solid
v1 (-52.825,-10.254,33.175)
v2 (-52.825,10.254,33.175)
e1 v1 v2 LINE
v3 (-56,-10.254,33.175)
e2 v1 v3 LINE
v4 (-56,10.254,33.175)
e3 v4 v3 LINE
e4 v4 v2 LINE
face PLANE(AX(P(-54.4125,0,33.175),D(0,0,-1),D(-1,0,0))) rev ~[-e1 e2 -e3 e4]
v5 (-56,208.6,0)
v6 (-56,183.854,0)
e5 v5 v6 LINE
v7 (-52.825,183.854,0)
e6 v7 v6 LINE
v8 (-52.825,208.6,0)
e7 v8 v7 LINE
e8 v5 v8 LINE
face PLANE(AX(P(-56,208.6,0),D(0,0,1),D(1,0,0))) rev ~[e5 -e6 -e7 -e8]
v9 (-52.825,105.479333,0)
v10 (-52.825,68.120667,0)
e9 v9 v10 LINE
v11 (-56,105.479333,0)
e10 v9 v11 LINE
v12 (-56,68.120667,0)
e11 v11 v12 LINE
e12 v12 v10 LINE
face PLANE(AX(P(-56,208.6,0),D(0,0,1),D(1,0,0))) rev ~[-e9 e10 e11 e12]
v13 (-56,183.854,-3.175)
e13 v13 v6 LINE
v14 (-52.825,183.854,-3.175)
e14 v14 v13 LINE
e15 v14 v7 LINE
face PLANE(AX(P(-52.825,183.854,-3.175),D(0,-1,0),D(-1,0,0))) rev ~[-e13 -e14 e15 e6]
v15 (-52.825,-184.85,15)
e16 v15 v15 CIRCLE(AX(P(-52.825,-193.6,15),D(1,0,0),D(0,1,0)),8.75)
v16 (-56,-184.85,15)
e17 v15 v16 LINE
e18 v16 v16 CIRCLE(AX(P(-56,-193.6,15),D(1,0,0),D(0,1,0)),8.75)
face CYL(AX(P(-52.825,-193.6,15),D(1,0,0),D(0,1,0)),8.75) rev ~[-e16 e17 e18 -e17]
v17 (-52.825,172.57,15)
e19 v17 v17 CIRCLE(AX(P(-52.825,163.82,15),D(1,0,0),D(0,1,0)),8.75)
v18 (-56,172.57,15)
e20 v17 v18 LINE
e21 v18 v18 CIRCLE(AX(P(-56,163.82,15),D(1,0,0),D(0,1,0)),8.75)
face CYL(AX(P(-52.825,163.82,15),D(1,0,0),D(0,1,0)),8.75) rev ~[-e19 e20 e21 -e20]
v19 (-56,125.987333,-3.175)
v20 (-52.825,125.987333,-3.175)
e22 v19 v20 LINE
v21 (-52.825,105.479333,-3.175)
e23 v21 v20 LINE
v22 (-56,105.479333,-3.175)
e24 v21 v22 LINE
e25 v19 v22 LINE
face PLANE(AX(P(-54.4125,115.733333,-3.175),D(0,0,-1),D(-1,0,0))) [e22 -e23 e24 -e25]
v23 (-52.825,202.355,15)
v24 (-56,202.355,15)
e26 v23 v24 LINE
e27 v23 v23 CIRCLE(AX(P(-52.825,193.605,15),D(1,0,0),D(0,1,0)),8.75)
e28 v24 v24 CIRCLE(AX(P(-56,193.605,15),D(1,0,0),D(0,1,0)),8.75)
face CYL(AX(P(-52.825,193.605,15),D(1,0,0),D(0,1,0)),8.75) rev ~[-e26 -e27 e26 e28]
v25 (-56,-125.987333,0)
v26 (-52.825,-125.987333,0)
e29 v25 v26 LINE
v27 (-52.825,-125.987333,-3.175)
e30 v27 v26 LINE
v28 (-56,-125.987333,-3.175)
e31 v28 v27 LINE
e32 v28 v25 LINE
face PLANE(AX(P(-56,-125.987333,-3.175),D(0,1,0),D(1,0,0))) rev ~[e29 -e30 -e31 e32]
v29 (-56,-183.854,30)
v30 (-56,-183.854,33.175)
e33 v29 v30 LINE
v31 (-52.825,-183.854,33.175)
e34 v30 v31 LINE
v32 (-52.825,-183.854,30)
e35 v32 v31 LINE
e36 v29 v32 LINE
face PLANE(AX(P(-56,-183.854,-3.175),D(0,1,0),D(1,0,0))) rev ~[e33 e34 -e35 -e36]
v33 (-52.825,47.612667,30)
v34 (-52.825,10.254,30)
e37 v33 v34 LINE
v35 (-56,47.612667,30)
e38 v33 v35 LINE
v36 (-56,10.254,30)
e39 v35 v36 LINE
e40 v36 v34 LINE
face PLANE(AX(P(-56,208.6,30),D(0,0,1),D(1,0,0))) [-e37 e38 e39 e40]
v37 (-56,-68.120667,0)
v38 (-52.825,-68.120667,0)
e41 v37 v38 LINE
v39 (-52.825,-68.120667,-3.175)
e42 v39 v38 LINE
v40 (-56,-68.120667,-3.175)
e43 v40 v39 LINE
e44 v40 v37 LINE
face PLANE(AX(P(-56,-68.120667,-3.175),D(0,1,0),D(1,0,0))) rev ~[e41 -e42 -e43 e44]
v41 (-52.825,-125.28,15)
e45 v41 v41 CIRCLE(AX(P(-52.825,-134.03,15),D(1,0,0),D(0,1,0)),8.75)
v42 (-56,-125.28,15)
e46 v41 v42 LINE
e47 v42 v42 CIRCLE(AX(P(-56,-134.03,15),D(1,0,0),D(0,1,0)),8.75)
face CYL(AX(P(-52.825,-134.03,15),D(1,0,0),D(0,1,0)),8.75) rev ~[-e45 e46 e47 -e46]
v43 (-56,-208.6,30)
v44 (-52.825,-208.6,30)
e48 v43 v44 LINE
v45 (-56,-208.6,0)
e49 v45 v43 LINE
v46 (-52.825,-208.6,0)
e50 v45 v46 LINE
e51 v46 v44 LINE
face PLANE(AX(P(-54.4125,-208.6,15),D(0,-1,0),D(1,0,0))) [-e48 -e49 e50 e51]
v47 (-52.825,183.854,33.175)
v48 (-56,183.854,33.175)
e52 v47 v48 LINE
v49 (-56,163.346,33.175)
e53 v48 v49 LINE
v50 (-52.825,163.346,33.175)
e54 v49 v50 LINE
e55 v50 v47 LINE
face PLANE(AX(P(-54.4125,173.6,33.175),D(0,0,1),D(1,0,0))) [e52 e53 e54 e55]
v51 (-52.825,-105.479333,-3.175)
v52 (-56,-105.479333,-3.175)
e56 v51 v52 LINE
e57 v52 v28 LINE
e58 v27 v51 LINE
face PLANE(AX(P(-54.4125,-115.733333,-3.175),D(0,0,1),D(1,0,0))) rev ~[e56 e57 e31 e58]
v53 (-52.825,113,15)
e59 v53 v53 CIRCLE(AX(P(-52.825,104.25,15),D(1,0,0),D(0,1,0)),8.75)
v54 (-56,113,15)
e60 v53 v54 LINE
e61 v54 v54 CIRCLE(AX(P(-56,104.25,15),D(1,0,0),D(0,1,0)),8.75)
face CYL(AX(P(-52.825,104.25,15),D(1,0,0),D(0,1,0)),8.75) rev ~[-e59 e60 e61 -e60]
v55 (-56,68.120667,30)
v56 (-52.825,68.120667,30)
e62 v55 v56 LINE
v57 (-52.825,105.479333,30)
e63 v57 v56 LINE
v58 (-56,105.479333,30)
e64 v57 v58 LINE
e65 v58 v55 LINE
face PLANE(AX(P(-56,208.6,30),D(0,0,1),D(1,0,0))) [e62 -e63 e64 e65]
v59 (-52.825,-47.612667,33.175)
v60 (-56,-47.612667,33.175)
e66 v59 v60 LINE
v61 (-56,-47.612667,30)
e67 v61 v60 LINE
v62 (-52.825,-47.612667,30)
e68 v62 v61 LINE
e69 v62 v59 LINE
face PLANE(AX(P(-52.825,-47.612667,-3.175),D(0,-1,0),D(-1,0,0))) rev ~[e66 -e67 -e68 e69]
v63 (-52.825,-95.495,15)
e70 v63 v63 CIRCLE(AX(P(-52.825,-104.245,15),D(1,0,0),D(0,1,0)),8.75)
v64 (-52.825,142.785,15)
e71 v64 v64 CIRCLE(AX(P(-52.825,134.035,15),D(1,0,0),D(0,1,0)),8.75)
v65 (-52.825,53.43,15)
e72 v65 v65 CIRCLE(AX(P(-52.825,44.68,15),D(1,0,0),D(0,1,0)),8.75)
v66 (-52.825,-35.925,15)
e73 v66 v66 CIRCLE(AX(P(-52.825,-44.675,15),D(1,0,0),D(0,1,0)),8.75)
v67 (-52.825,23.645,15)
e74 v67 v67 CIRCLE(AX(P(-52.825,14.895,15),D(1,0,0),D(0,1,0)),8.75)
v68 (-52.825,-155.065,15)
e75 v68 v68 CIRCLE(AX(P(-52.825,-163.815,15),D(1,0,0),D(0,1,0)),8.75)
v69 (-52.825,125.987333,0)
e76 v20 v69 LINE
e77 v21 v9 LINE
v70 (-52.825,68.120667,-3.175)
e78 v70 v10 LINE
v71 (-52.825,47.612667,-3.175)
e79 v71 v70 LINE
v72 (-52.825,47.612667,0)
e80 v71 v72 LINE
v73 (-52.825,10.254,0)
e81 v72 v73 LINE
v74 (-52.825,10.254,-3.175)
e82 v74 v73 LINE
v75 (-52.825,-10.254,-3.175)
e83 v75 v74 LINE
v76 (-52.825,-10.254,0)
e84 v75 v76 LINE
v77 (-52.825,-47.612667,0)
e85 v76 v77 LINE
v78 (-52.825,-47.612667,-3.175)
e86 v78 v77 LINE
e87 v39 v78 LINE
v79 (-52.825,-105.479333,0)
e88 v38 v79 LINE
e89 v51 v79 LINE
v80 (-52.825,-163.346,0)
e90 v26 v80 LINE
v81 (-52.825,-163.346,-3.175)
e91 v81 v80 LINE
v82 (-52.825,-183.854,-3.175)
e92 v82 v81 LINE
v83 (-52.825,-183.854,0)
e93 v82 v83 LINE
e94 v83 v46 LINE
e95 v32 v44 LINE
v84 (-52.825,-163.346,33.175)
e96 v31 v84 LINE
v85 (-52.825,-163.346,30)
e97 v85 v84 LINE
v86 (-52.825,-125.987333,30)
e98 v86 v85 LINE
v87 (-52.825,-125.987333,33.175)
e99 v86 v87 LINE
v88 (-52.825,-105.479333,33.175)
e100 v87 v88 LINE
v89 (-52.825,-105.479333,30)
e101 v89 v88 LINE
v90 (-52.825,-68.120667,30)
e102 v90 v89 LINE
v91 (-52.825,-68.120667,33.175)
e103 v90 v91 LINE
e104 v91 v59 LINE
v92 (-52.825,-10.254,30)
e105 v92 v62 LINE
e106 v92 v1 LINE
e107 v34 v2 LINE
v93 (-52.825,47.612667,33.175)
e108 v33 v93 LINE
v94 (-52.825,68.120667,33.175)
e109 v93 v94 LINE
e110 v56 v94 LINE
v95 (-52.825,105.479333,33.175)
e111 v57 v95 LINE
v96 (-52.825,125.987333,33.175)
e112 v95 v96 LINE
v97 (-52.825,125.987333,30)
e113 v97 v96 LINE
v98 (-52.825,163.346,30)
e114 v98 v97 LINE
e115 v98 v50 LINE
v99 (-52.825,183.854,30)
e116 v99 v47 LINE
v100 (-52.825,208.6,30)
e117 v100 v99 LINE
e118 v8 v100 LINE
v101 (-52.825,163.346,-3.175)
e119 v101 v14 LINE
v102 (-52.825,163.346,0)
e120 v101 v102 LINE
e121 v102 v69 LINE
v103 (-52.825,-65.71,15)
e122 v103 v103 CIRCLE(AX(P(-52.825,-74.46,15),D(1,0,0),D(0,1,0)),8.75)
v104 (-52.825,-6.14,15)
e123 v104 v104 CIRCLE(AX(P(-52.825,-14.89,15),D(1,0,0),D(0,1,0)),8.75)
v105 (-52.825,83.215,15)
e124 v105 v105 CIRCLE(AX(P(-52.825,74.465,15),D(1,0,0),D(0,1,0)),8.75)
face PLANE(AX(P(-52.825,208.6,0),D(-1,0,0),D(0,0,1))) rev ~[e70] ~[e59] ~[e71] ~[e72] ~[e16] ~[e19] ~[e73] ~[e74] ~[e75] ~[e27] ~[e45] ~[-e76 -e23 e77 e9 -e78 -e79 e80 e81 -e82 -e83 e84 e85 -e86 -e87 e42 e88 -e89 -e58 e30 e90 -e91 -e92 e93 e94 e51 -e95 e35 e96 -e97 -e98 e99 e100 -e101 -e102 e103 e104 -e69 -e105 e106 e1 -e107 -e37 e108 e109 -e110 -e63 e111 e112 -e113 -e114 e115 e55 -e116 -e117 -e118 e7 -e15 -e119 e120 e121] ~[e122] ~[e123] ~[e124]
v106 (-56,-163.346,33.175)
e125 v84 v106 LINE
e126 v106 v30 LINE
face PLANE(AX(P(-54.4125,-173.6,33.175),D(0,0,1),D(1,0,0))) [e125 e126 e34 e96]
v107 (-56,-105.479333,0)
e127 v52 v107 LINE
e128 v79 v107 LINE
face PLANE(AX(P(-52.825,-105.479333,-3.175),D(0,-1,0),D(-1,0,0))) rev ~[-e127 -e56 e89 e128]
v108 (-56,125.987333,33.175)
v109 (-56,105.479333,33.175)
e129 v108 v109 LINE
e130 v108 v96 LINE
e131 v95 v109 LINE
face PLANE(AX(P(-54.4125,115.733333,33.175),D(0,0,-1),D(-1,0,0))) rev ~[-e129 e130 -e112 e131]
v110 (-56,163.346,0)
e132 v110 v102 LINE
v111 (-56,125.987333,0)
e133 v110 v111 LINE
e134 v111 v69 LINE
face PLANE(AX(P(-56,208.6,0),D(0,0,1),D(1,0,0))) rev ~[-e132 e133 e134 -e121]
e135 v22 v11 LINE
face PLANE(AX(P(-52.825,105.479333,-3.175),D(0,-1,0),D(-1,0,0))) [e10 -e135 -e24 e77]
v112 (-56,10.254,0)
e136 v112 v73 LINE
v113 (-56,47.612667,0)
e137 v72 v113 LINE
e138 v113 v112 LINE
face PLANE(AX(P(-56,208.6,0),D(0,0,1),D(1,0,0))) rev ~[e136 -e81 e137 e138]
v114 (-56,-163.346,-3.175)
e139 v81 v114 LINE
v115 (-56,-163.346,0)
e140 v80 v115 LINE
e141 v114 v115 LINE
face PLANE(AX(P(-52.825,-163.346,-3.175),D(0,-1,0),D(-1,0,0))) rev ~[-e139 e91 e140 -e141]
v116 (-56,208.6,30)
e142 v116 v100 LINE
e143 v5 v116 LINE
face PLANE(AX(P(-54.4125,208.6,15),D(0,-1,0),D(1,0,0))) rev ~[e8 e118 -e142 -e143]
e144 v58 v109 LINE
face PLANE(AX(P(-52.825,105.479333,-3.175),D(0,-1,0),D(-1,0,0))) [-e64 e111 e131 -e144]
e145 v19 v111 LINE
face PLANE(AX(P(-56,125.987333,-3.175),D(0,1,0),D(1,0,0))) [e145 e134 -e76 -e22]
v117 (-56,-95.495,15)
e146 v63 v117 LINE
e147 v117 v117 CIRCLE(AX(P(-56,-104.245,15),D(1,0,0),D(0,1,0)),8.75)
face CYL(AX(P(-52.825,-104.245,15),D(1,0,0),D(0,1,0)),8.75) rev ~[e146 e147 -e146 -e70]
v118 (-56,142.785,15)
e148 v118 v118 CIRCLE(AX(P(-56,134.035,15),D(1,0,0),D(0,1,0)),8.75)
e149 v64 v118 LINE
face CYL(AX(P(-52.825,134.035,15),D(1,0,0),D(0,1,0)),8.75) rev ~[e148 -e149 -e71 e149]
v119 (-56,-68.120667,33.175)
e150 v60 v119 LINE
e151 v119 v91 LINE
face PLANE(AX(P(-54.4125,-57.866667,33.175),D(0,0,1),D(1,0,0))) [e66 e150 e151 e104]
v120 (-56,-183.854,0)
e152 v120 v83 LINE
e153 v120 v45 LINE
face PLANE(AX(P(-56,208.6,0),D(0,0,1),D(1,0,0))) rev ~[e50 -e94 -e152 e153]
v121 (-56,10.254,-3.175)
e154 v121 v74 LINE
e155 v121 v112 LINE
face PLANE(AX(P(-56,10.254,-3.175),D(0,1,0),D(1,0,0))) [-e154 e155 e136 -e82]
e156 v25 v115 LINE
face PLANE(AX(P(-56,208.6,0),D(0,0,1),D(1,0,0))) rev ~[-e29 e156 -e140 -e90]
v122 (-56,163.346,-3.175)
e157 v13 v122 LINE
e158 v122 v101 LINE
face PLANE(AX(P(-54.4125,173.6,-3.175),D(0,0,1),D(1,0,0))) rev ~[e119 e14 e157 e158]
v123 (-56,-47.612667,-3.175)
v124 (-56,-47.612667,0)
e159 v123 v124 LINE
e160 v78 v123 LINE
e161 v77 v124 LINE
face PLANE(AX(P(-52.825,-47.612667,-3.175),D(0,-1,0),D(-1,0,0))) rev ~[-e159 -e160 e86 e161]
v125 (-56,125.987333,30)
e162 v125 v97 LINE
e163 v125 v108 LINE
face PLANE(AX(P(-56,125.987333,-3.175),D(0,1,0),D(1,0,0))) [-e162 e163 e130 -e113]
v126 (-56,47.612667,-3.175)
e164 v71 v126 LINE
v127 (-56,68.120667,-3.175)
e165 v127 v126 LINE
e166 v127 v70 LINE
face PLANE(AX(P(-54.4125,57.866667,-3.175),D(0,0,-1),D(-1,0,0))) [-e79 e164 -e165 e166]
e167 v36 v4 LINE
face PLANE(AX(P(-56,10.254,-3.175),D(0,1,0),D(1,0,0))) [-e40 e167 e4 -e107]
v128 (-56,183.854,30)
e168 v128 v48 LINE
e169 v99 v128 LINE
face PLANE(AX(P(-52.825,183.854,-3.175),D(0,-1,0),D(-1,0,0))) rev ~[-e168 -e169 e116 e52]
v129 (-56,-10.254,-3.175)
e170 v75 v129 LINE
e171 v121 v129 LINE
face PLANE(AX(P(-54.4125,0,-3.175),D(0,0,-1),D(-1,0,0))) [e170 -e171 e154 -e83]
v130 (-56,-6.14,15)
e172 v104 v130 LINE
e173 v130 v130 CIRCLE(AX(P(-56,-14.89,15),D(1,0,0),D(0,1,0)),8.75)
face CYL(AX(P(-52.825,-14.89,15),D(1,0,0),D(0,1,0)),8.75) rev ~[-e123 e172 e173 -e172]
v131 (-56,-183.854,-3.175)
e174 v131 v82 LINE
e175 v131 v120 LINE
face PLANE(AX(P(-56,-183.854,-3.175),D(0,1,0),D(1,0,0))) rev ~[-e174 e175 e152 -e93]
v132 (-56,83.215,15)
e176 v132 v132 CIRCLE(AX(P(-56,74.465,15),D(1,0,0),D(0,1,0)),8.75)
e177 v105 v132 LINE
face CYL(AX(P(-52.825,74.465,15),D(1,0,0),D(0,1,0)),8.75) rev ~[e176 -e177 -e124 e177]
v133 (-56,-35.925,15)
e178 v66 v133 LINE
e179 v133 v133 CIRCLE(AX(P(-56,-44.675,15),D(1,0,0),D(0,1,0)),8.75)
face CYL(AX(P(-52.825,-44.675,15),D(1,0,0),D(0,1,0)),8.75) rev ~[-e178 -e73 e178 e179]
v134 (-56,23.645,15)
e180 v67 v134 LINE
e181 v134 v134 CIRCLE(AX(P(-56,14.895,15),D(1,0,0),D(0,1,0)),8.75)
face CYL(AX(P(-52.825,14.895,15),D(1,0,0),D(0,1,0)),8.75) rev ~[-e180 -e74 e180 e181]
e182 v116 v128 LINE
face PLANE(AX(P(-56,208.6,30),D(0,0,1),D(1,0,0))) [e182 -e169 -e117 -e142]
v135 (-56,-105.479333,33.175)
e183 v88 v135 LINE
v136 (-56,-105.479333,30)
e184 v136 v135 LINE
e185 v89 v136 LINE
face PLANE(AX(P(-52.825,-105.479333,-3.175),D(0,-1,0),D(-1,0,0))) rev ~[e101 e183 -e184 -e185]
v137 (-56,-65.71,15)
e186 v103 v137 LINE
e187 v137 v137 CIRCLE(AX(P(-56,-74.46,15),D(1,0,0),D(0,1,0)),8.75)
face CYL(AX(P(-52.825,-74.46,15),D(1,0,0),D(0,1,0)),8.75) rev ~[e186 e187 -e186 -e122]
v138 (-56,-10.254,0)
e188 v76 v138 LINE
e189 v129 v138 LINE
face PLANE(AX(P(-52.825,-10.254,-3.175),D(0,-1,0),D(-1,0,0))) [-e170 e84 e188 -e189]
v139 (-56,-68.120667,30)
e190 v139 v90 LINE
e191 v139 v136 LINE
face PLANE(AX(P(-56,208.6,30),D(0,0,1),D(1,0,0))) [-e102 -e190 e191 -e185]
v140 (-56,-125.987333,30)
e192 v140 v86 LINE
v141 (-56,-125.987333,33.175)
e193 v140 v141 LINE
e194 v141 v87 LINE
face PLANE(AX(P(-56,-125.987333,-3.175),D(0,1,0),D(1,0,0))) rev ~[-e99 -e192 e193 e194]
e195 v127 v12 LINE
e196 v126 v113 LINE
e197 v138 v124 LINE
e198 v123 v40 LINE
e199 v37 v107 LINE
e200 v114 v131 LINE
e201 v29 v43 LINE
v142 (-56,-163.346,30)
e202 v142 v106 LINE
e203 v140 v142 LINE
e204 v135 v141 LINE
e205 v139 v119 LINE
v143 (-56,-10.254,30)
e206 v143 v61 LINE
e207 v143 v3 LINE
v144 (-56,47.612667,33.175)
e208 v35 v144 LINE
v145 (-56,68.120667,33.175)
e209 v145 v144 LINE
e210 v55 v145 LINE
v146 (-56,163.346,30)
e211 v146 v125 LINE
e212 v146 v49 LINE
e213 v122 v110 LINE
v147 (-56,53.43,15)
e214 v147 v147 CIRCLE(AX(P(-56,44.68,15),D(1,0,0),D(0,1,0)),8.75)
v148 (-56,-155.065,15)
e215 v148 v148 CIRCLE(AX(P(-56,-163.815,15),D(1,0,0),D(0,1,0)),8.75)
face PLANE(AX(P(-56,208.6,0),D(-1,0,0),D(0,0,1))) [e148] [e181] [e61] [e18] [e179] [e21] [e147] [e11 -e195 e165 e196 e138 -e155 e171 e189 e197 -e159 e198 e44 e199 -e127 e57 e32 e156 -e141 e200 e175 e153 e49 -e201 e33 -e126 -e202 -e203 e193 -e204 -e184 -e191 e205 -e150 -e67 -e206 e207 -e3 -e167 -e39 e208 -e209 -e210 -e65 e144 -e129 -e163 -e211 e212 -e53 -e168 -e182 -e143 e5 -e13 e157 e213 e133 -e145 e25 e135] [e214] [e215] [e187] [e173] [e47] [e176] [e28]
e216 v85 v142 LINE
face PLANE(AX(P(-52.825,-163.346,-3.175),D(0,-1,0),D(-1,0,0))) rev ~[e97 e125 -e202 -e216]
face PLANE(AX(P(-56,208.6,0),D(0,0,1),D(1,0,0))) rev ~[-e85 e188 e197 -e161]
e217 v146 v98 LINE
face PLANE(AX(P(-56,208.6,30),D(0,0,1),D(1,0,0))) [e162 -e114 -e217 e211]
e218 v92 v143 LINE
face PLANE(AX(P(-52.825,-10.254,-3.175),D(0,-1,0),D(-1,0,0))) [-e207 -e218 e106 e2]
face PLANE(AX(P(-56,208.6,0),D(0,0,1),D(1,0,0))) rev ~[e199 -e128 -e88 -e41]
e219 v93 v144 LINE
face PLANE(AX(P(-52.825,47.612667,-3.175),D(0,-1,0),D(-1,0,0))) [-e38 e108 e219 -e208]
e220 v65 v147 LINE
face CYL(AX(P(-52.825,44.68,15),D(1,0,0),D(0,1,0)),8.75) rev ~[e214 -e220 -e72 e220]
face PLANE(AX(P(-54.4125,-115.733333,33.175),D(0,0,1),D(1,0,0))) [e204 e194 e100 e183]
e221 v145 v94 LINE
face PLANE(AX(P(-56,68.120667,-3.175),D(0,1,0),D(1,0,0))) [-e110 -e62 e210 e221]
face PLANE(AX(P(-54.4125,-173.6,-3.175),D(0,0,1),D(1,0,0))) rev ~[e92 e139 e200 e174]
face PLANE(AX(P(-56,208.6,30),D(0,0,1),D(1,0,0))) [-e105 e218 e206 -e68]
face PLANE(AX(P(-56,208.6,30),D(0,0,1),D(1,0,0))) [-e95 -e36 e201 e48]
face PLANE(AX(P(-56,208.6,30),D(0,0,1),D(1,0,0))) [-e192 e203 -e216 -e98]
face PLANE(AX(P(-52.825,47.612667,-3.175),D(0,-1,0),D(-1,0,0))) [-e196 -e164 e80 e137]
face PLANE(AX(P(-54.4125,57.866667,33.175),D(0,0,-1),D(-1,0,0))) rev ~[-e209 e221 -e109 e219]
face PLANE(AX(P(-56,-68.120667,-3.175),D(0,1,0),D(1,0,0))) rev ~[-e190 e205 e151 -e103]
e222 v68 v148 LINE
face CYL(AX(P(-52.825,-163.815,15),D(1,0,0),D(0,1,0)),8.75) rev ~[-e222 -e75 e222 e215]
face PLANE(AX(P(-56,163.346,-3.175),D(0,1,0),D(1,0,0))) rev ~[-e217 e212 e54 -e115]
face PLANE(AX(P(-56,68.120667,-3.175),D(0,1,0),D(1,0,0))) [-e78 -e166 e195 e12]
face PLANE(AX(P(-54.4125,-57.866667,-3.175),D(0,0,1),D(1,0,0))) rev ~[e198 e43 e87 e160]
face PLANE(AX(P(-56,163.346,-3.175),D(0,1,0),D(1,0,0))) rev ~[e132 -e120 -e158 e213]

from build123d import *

# Parameters (mm, degrees)
BOSS_EXTRU_1_DEPTH        = 33.175
BOSS_EXTRU_1_DEPTH_BACK   = 3.175
BOSS_EXTRU_1_2_DEPTH      = 33.175
BOSS_EXTRU_1_2_DEPTH_BACK = 3.175
BOSS_EXTRU_1_3_DEPTH      = 33.175
BOSS_EXTRU_1_3_DEPTH_BACK = 3.175
BOSS_EXTRU_1_4_DEPTH      = 33.175
BOSS_EXTRU_1_4_DEPTH_BACK = 3.175
BOSS_EXTRU_1_5_DEPTH      = 33.175
BOSS_EXTRU_1_5_DEPTH_BACK = 3.175
BOSS_EXTRU_1_6_DEPTH      = 33.175
BOSS_EXTRU_1_6_DEPTH_BACK = 3.175
BOSS_EXTRU_1_7_DEPTH      = 33.175
BOSS_EXTRU_1_7_DEPTH_BACK = 3.175
BOSS_EXTRU_2_DEPTH        = 198.346
BOSS_EXTRU_2_DEPTH_BACK   = 218.854
ESQUISSE2_W               = 3.175
ESQUISSE2_H               = 30
CUT_EXTRUDE1_REACH        = 213.245
SKETCH1_R                 = 8.75
LPATTERN1_COUNT           = 14
LPATTERN1_PITCH           = 29.785


with BuildPart() as part:
    # Esquisse1 → Boss.-Extru.1 (new, two sides: drawn at the far end of the back side and taken through both)
    with BuildSketch(Plane.XY.offset(-BOSS_EXTRU_1_DEPTH_BACK)):
        Polygon((-56, 163.6), (-56, 163.346), (-52.825, 163.346), (-52.825, 163.6), (-52.825, 183.6), (-52.825, 183.854), (-56, 183.854), (-56, 183.6), align=None)
    extrude(amount=BOSS_EXTRU_1_DEPTH + BOSS_EXTRU_1_DEPTH_BACK)



with BuildPart() as body_2:
    # Esquisse1 → Boss.-Extru.1 2 (new, two sides: drawn at the far end of the back side and taken through both)
    with BuildSketch(Plane.XY.offset(-BOSS_EXTRU_1_2_DEPTH_BACK)):
        Polygon((-56, 125.733333333), (-56, 125.987333333), (-52.825, 125.987333333), (-52.825, 125.733333333), (-52.825, 105.733333333), (-52.825, 105.479333333), (-56, 105.479333333), (-56, 105.733333333), align=None)
    extrude(amount=BOSS_EXTRU_1_2_DEPTH + BOSS_EXTRU_1_2_DEPTH_BACK)


with BuildPart() as body_3:
    # Esquisse1 → Boss.-Extru.1 3 (new, two sides: drawn at the far end of the back side and taken through both)
    with BuildSketch(Plane.XY.offset(-BOSS_EXTRU_1_3_DEPTH_BACK)):
        Polygon((-56, 67.866666667), (-56, 68.120666667), (-52.825, 68.120666667), (-52.825, 67.866666667), (-52.825, 47.866666667), (-52.825, 47.612666667), (-56, 47.612666667), (-56, 47.866666667), align=None)
    extrude(amount=BOSS_EXTRU_1_3_DEPTH + BOSS_EXTRU_1_3_DEPTH_BACK)


with BuildPart() as body_4:
    # Esquisse1 → Boss.-Extru.1 4 (new, two sides: drawn at the far end of the back side and taken through both)
    with BuildSketch(Plane.XY.offset(-BOSS_EXTRU_1_4_DEPTH_BACK)):
        Polygon((-56, 10), (-56, 10.254), (-52.825, 10.254), (-52.825, 10), (-52.825, -10), (-52.825, -10.254), (-56, -10.254), (-56, -10), align=None)
    extrude(amount=BOSS_EXTRU_1_4_DEPTH + BOSS_EXTRU_1_4_DEPTH_BACK)


with BuildPart() as body_5:
    # Esquisse1 → Boss.-Extru.1 5 (new, two sides: drawn at the far end of the back side and taken through both)
    with BuildSketch(Plane.XY.offset(-BOSS_EXTRU_1_5_DEPTH_BACK)):
        Polygon((-56, -163.6), (-56, -183.6), (-56, -183.854), (-52.825, -183.854), (-52.825, -183.6), (-52.825, -163.6), (-52.825, -163.346), (-56, -163.346), align=None)
    extrude(amount=BOSS_EXTRU_1_5_DEPTH + BOSS_EXTRU_1_5_DEPTH_BACK)


with BuildPart() as body_6:
    # Esquisse1 → Boss.-Extru.1 6 (new, two sides: drawn at the far end of the back side and taken through both)
    with BuildSketch(Plane.XY.offset(-BOSS_EXTRU_1_6_DEPTH_BACK)):
        Polygon((-56, -105.733333333), (-56, -125.733333333), (-56, -125.987333333), (-52.825, -125.987333333), (-52.825, -125.733333333), (-52.825, -105.733333333), (-52.825, -105.479333333), (-56, -105.479333333), align=None)
    extrude(amount=BOSS_EXTRU_1_6_DEPTH + BOSS_EXTRU_1_6_DEPTH_BACK)


with BuildPart() as body_7:
    # Esquisse1 → Boss.-Extru.1 7 (new, two sides: drawn at the far end of the back side and taken through both)
    with BuildSketch(Plane.XY.offset(-BOSS_EXTRU_1_7_DEPTH_BACK)):
        Polygon((-56, -47.866666667), (-56, -67.866666667), (-56, -68.120666667), (-52.825, -68.120666667), (-52.825, -67.866666667), (-52.825, -47.866666667), (-52.825, -47.612666667), (-56, -47.612666667), align=None)
    extrude(amount=BOSS_EXTRU_1_7_DEPTH + BOSS_EXTRU_1_7_DEPTH_BACK)


with BuildPart() as part_1:
    add(part.part)

    add(body_2.part)  # Boss.-Extru.2 merges body 2

    add(body_3.part)  # Boss.-Extru.2 merges body 3

    add(body_4.part)  # Boss.-Extru.2 merges body 4

    add(body_5.part)  # Boss.-Extru.2 merges body 5

    add(body_6.part)  # Boss.-Extru.2 merges body 6

    add(body_7.part)  # Boss.-Extru.2 merges body 7
    # Esquisse2 → Boss.-Extru.2 (add, two sides: drawn at the far end of the back side and taken through both)
    with BuildSketch(Plane.XZ.offset(10.254).offset(-BOSS_EXTRU_2_DEPTH_BACK)):
        with Locations((-54.4125, 15)):
            Rectangle(ESQUISSE2_W, ESQUISSE2_H)
    extrude(amount=BOSS_EXTRU_2_DEPTH + BOSS_EXTRU_2_DEPTH_BACK)

    # Sketch1 → Cut-Extrude1 (cut, up to next)
    with BuildSketch(Plane(origin=(-52.825000001, 0, 0), x_dir=(0, 0, -1), z_dir=(1.0, 8.38677334054915e-12, 0)), mode=Mode.PRIVATE) as cut_extrude1_sk1:
        with Locations(Location((-15, -193.6, 0), (0, 0, 90))):
            Circle(SKETCH1_R)
    cut_extrude1_tool1 = extrude(cut_extrude1_sk1.sketch, amount=-CUT_EXTRUDE1_REACH, mode=Mode.PRIVATE) & part_1.part
    cut_extrude1 = cut_extrude1_tool1.solids().sort_by_distance((-52.825, -193.6, 15))[0]
    add(cut_extrude1, mode=Mode.SUBTRACT)

    # LPattern1: Cut-Extrude1 ×14
    with Locations(*[(0, i * LPATTERN1_PITCH, 0) for i in range(1, LPATTERN1_COUNT)]):
        add(cut_extrude1, mode=Mode.SUBTRACT)


solid = part_1.part
